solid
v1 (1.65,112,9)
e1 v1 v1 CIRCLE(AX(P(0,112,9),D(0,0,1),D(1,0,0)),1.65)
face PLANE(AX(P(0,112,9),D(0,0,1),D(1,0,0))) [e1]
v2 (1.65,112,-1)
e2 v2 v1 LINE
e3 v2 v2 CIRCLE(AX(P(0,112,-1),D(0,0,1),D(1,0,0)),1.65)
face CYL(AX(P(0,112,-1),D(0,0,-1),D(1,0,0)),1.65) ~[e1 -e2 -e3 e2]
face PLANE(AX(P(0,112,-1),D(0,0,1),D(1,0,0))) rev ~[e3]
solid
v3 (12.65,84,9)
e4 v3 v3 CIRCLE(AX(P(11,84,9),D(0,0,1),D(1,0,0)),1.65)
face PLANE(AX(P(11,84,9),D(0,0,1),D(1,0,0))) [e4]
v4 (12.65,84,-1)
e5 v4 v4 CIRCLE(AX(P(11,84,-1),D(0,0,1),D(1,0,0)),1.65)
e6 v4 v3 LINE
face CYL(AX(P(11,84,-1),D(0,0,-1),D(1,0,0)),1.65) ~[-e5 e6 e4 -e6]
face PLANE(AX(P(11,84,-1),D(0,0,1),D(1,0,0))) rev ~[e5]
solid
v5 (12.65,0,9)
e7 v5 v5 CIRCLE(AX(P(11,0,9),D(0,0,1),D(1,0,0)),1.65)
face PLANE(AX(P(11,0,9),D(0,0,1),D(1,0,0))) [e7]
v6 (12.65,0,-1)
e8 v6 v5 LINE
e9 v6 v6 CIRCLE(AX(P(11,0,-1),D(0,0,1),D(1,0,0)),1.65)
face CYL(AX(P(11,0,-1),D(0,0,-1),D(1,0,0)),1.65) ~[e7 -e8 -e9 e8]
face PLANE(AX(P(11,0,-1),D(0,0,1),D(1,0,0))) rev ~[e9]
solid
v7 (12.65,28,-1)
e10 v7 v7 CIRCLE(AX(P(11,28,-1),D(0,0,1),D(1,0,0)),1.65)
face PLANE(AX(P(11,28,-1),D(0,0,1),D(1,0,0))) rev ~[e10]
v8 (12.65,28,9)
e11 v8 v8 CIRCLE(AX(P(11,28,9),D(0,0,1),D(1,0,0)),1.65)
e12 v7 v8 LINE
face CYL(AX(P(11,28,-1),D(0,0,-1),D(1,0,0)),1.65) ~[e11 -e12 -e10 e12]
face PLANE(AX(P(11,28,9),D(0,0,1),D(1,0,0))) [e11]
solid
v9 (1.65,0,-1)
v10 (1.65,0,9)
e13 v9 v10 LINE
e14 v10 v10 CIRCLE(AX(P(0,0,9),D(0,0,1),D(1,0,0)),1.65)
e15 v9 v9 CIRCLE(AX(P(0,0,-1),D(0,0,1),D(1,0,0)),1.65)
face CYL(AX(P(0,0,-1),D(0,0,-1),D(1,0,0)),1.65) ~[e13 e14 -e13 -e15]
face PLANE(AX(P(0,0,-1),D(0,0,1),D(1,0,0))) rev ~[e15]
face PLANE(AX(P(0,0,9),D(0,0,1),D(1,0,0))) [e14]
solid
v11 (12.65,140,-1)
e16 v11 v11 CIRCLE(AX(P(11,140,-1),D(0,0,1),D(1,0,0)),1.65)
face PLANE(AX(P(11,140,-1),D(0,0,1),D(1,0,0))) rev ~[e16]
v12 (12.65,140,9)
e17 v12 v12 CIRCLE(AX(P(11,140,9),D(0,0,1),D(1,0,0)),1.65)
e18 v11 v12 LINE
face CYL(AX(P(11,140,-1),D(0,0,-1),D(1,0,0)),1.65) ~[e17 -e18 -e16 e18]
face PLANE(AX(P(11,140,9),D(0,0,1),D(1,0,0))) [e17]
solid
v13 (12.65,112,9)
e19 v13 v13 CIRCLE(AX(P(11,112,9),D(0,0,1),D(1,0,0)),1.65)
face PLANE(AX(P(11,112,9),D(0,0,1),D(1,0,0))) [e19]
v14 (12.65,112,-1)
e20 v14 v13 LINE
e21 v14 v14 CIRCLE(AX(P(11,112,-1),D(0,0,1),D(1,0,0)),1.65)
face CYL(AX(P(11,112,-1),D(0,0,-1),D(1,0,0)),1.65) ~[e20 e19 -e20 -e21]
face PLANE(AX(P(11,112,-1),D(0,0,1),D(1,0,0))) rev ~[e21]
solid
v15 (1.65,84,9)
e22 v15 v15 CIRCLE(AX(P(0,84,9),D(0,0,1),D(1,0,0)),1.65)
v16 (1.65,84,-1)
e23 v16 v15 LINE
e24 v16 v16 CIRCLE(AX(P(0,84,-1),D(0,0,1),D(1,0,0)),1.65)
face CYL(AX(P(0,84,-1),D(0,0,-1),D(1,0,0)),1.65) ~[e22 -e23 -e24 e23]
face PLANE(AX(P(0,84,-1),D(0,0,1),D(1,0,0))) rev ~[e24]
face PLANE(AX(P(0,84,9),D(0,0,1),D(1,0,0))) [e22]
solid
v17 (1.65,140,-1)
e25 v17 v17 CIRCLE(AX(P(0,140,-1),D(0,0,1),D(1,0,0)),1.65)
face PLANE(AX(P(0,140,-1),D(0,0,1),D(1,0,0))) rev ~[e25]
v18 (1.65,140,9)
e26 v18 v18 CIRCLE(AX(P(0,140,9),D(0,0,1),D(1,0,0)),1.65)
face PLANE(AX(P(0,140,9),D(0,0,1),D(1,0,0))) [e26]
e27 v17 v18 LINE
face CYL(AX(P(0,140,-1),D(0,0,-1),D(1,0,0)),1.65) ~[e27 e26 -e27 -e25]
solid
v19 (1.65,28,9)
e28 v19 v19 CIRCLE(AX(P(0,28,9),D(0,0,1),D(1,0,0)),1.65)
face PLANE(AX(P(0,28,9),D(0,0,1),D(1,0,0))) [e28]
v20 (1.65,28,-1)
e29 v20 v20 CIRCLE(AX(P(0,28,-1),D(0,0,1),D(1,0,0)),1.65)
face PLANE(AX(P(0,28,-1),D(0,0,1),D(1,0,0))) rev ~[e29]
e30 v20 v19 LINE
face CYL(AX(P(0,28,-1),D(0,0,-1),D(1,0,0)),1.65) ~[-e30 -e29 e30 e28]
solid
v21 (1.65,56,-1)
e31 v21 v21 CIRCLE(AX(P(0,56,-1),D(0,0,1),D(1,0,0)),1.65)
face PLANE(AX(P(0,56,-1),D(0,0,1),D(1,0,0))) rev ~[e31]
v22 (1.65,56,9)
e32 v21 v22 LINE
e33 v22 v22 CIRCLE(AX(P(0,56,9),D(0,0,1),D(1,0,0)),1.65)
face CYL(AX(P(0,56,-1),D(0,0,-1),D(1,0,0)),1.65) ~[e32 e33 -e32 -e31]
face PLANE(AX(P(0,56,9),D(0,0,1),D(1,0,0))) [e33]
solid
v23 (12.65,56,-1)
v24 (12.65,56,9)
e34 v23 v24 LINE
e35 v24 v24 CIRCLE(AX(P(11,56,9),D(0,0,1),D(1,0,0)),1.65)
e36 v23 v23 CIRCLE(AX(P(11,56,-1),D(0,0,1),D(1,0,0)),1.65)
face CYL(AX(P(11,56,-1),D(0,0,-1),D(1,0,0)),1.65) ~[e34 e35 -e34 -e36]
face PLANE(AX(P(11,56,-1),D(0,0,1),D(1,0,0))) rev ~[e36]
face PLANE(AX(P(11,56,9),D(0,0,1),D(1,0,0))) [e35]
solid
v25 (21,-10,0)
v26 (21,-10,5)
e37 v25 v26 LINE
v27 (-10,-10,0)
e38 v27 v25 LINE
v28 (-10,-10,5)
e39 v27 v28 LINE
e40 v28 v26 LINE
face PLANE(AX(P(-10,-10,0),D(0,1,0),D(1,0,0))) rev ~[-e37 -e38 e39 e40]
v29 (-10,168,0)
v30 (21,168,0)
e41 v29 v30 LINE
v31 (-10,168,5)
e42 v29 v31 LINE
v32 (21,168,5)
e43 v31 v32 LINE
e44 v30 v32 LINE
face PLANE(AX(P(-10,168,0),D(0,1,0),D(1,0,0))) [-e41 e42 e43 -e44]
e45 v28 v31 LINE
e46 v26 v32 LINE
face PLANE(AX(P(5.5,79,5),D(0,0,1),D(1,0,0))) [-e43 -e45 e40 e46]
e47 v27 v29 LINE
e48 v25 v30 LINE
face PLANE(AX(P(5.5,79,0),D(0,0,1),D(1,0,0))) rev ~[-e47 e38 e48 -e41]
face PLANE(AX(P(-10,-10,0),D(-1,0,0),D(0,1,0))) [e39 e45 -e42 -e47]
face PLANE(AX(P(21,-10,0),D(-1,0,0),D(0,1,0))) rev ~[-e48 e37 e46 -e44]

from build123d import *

# Parameters (mm, degrees)
BASE_W          = 31
BASE_H          = 178
BASE_DEPTH      = 5
SCREW0_R        = 1.65
SCREW0_DEPTH    = 10
SCREW0001_R     = 1.65
SCREW0001_DEPTH = 10
SCREW1_R        = 1.65
SCREW1_DEPTH    = 10
SCREW1001_R     = 1.65
SCREW1001_DEPTH = 10
SCREW2_R        = 1.65
SCREW2_DEPTH    = 10
SCREW2001_R     = 1.65
SCREW2001_DEPTH = 10
SCREW3_R        = 1.65
SCREW3_DEPTH    = 10
SCREW3001_R     = 1.65
SCREW3001_DEPTH = 10
SCREW4_R        = 1.65
SCREW4_DEPTH    = 10
SCREW4001_R     = 1.65
SCREW4001_DEPTH = 10
SCREW5_R        = 1.65
SCREW5_DEPTH    = 10
SCREW5001_R     = 1.65
SCREW5001_DEPTH = 10


with BuildPart() as base:
    # base → base (new body)
    with BuildSketch(Plane(origin=(-10, -10, 0), x_dir=(1, 0, 0), z_dir=(0, 0, 1))):
        with Locations((15.5, 89)):
            Rectangle(BASE_W, BASE_H)
    extrude(amount=BASE_DEPTH)


with BuildPart() as screw0:
    # screw0 → screw0 (new body)
    with BuildSketch(Plane.XY.offset(-1)):
        Circle(SCREW0_R)
    extrude(amount=SCREW0_DEPTH)


with BuildPart() as screw0001:
    # screw0001 → screw0001 (new body)
    with BuildSketch(Plane(origin=(11, 0, -1), x_dir=(1, 0, 0), z_dir=(0, 0, 1))):
        Circle(SCREW0001_R)
    extrude(amount=SCREW0001_DEPTH)


with BuildPart() as screw1:
    # screw1 → screw1 (new body)
    with BuildSketch(Plane(origin=(0, 28, -1), x_dir=(1, 0, 0), z_dir=(0, 0, 1))):
        Circle(SCREW1_R)
    extrude(amount=SCREW1_DEPTH)


with BuildPart() as screw1001:
    # screw1001 → screw1001 (new body)
    with BuildSketch(Plane(origin=(11, 28, -1), x_dir=(1, 0, 0), z_dir=(0, 0, 1))):
        Circle(SCREW1001_R)
    extrude(amount=SCREW1001_DEPTH)


with BuildPart() as screw2:
    # screw2 → screw2 (new body)
    with BuildSketch(Plane(origin=(0, 56, -1), x_dir=(1, 0, 0), z_dir=(0, 0, 1))):
        Circle(SCREW2_R)
    extrude(amount=SCREW2_DEPTH)


with BuildPart() as screw2001:
    # screw2001 → screw2001 (new body)
    with BuildSketch(Plane(origin=(11, 56, -1), x_dir=(1, 0, 0), z_dir=(0, 0, 1))):
        Circle(SCREW2001_R)
    extrude(amount=SCREW2001_DEPTH)


with BuildPart() as screw3:
    # screw3 → screw3 (new body)
    with BuildSketch(Plane(origin=(0, 84, -1), x_dir=(1, 0, 0), z_dir=(0, 0, 1))):
        Circle(SCREW3_R)
    extrude(amount=SCREW3_DEPTH)


with BuildPart() as screw3001:
    # screw3001 → screw3001 (new body)
    with BuildSketch(Plane(origin=(11, 84, -1), x_dir=(1, 0, 0), z_dir=(0, 0, 1))):
        Circle(SCREW3001_R)
    extrude(amount=SCREW3001_DEPTH)


with BuildPart() as screw4:
    # screw4 → screw4 (new body)
    with BuildSketch(Plane(origin=(0, 112, -1), x_dir=(1, 0, 0), z_dir=(0, 0, 1))):
        Circle(SCREW4_R)
    extrude(amount=SCREW4_DEPTH)


with BuildPart() as screw4001:
    # screw4001 → screw4001 (new body)
    with BuildSketch(Plane(origin=(11, 112, -1), x_dir=(1, 0, 0), z_dir=(0, 0, 1))):
        Circle(SCREW4001_R)
    extrude(amount=SCREW4001_DEPTH)


with BuildPart() as screw5:
    # screw5 → screw5 (new body)
    with BuildSketch(Plane(origin=(0, 140, -1), x_dir=(1, 0, 0), z_dir=(0, 0, 1))):
        Circle(SCREW5_R)
    extrude(amount=SCREW5_DEPTH)


with BuildPart() as screw5001:
    # screw5001 → screw5001 (new body)
    with BuildSketch(Plane(origin=(11, 140, -1), x_dir=(1, 0, 0), z_dir=(0, 0, 1))):
        Circle(SCREW5001_R)
    extrude(amount=SCREW5001_DEPTH)


solid = Compound([base.part, screw0.part, screw0001.part, screw1.part, screw1001.part, screw2.part, screw2001.part, screw3.part, screw3001.part, screw4.part, screw4001.part, screw5.part, screw5001.part])
